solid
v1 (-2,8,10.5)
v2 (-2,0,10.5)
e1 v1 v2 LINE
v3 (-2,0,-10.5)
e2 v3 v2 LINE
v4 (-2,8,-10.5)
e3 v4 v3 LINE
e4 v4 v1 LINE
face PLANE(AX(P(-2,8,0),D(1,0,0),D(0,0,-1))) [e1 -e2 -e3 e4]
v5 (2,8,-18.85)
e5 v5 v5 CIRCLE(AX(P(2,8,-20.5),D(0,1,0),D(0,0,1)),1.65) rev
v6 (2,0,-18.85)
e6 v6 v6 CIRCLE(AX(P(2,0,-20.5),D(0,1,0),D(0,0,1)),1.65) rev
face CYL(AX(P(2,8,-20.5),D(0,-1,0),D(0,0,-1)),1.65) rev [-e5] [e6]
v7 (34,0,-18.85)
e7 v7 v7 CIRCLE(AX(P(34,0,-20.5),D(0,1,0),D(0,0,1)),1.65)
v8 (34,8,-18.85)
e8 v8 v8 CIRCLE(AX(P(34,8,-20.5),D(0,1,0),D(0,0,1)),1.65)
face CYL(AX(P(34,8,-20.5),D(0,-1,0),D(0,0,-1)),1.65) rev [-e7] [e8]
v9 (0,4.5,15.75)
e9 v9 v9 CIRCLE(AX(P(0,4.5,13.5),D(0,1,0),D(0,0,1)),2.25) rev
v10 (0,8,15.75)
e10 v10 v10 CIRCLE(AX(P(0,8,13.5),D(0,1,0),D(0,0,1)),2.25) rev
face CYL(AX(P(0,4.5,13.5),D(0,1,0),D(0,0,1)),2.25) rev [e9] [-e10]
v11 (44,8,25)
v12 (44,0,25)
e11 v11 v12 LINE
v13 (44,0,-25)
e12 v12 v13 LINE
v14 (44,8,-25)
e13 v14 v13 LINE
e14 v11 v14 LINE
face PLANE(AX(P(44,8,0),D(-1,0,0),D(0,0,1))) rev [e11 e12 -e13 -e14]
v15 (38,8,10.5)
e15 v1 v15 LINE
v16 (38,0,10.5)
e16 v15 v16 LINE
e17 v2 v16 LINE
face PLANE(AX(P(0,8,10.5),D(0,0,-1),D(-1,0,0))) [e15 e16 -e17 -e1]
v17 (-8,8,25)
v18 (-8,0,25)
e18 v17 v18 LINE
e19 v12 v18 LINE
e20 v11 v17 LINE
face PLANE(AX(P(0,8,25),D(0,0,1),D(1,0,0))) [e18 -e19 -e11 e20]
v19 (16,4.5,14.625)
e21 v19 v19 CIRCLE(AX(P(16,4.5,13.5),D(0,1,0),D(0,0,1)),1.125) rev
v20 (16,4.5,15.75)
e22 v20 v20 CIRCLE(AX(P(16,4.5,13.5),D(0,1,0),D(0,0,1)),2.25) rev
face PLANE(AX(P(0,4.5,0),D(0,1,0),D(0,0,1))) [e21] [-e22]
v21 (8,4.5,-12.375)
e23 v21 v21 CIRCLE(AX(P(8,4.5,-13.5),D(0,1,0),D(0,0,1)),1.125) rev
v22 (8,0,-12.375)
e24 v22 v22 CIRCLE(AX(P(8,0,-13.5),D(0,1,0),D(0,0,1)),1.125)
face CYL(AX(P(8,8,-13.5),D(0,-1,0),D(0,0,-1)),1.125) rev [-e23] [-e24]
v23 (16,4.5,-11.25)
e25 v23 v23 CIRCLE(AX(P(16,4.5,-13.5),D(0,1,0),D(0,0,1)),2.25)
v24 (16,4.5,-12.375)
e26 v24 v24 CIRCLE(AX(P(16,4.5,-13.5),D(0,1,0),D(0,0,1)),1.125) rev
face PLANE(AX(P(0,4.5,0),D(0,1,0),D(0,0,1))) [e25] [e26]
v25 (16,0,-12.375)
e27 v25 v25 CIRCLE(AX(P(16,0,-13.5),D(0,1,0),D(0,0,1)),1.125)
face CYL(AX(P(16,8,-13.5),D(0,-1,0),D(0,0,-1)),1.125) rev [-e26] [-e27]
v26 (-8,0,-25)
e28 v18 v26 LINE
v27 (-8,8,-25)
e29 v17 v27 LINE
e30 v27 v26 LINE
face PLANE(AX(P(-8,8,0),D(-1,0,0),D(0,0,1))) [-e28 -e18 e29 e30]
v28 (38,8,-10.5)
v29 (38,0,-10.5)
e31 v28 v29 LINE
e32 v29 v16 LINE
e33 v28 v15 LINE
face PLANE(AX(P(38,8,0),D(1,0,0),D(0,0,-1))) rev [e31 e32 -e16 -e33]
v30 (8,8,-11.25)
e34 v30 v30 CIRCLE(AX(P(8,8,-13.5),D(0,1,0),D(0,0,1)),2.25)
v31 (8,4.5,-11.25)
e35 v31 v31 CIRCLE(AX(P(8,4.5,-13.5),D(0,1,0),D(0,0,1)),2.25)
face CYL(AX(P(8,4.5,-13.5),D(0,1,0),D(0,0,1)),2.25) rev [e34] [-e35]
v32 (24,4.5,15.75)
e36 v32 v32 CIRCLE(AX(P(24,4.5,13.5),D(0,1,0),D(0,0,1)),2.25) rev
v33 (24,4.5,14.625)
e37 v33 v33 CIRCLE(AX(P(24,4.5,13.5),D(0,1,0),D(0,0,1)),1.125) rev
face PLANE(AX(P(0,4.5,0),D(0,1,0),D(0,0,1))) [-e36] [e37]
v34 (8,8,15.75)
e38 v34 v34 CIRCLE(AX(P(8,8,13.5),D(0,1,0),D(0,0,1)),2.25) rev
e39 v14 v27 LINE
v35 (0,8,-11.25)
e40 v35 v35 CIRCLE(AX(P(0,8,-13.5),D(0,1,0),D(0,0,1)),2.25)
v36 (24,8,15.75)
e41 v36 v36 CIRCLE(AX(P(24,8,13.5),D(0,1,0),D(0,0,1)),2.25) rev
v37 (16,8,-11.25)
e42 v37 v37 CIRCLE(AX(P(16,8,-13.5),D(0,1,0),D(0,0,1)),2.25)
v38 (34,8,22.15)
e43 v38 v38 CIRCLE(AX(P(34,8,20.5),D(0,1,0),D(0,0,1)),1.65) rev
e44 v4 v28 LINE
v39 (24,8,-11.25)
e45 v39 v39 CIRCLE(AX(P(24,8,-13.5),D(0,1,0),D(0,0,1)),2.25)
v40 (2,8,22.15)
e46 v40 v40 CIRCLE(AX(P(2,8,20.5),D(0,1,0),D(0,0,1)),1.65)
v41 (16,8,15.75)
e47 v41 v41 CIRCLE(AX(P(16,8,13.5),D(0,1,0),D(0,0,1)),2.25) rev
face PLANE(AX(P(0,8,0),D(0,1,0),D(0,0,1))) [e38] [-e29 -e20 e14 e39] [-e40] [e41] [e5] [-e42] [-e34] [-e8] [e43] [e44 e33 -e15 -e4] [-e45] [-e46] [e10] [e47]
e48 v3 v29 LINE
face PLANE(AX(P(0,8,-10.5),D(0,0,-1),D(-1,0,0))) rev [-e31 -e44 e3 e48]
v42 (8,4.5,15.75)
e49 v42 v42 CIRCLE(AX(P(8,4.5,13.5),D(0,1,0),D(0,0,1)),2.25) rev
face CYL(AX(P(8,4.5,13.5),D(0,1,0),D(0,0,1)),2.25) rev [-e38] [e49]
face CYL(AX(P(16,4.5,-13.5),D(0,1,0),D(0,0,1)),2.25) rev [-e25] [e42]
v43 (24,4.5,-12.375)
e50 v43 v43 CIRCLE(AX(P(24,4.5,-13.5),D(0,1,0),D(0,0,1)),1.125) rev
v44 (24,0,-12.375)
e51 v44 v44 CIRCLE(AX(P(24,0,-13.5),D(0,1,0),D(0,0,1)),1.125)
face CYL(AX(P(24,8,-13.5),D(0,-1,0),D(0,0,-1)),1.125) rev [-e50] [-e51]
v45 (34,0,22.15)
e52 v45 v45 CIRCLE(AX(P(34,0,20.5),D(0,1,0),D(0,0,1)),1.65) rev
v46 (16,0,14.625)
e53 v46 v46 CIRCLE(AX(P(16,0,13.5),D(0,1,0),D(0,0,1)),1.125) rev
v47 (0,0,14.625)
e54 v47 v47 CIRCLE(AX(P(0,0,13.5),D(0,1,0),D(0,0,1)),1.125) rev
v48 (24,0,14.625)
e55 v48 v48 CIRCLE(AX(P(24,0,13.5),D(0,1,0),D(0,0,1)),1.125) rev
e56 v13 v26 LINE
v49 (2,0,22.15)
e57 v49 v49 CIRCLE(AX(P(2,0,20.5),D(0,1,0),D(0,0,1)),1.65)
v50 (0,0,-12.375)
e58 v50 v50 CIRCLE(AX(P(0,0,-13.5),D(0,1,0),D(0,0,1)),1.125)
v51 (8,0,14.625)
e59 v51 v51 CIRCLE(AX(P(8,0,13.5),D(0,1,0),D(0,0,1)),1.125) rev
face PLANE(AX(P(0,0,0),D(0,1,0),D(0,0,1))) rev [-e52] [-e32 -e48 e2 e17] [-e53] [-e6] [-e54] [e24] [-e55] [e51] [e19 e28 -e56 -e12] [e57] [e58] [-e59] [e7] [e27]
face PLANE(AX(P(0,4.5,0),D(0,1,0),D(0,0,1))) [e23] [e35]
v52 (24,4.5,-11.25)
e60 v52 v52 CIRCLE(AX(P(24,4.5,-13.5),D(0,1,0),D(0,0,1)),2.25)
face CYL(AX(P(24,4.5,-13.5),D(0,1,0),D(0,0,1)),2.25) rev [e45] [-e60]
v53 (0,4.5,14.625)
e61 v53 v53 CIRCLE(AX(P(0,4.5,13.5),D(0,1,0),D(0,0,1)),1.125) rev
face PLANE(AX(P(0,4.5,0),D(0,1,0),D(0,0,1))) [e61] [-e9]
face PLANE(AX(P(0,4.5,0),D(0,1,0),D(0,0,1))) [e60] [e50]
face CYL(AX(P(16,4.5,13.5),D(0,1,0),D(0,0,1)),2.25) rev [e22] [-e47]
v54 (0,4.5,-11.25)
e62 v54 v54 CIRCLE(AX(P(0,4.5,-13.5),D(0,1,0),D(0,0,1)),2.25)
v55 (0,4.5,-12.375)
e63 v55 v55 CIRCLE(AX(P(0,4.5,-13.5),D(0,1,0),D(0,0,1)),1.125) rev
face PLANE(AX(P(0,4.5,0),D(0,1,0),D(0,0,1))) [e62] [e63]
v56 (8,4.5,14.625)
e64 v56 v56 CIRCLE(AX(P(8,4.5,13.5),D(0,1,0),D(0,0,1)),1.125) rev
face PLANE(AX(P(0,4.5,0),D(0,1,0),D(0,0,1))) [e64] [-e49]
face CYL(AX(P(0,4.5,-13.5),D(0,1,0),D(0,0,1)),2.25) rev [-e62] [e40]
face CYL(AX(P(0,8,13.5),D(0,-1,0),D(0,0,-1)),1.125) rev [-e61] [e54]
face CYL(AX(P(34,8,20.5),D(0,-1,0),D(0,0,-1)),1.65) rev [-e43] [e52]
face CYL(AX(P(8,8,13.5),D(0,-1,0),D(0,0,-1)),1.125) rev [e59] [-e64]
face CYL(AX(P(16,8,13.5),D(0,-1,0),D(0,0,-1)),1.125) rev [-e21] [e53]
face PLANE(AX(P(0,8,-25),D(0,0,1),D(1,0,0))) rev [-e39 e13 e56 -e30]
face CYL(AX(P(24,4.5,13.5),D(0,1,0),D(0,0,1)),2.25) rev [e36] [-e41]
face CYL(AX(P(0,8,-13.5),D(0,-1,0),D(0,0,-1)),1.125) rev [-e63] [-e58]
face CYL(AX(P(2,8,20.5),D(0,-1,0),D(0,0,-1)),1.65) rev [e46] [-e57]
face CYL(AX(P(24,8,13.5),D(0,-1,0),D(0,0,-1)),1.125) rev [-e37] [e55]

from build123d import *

# Parameters (mm, degrees)
SKETCH1_W           = 52
SKETCH1_H           = 50
SKETCH1_R           = 1.125
SKETCH1_R_2         = 1.65
SKETCH1_W_2         = 40
SKETCH1_H_2         = 21
BOSS_EXTRUDE1_DEPTH = 8
SKETCH2_R           = 2.25
SKETCH2_R_2         = 1.125
CUT_EXTRUDE1_DEPTH  = 3.5


with BuildPart() as part:
    # Sketch1 → Boss-Extrude1 (new body)
    with BuildSketch(Plane(origin=(0, 0, 0), x_dir=(1, 0, 0), z_dir=(0, 1, 0))):
        with Locations((18, 0)):
            Rectangle(SKETCH1_W, SKETCH1_H)
        with Locations((0, 13.5)):
            Circle(SKETCH1_R, mode=Mode.SUBTRACT)
        with Locations((8, 13.5)):
            Circle(SKETCH1_R, mode=Mode.SUBTRACT)
        with Locations((16, 13.5)):
            Circle(SKETCH1_R, mode=Mode.SUBTRACT)
        with Locations((24, 13.5)):
            Circle(SKETCH1_R, mode=Mode.SUBTRACT)
        with Locations((24, -13.5)):
            Circle(SKETCH1_R, mode=Mode.SUBTRACT)
        with Locations((16, -13.5)):
            Circle(SKETCH1_R, mode=Mode.SUBTRACT)
        with Locations((8, -13.5)):
            Circle(SKETCH1_R, mode=Mode.SUBTRACT)
        with Locations((0, -13.5)):
            Circle(SKETCH1_R, mode=Mode.SUBTRACT)
        with Locations((34, 20.5)):
            Circle(SKETCH1_R_2, mode=Mode.SUBTRACT)
        with Locations((2, 20.5)):
            Circle(SKETCH1_R_2, mode=Mode.SUBTRACT)
        with Locations((34, -20.5)):
            Circle(SKETCH1_R_2, mode=Mode.SUBTRACT)
        with Locations((2, -20.5)):
            Circle(SKETCH1_R_2, mode=Mode.SUBTRACT)
        with Locations((18, 0)):
            Rectangle(SKETCH1_W_2, SKETCH1_H_2, mode=Mode.SUBTRACT)
    extrude(amount=BOSS_EXTRUDE1_DEPTH)

    # Sketch2 → Cut-Extrude1 (cut)
    with BuildSketch(Plane(origin=(0, 8, 0), x_dir=(1, 0, 0), z_dir=(0, 1, 0))):
        with Locations((0, 13.5)):
            Circle(SKETCH2_R)
        with Locations((0, 13.5)):
            Circle(SKETCH2_R_2, mode=Mode.SUBTRACT)
        with Locations((8, 13.5)):
            Circle(SKETCH2_R)
        with Locations((8, 13.5)):
            Circle(SKETCH2_R_2, mode=Mode.SUBTRACT)
        with Locations((16, 13.5)):
            Circle(SKETCH2_R)
        with Locations((16, 13.5)):
            Circle(SKETCH2_R_2, mode=Mode.SUBTRACT)
        with Locations((24, 13.5)):
            Circle(SKETCH2_R)
        with Locations((24, 13.5)):
            Circle(SKETCH2_R_2, mode=Mode.SUBTRACT)
        with Locations((24, -13.5)):
            Circle(SKETCH2_R)
        with Locations((24, -13.5)):
            Circle(SKETCH2_R_2, mode=Mode.SUBTRACT)
        with Locations((16, -13.5)):
            Circle(SKETCH2_R)
        with Locations((16, -13.5)):
            Circle(SKETCH2_R_2, mode=Mode.SUBTRACT)
        with Locations((8, -13.5)):
            Circle(SKETCH2_R)
        with Locations((8, -13.5)):
            Circle(SKETCH2_R_2, mode=Mode.SUBTRACT)
        with Locations((0, -13.5)):
            Circle(SKETCH2_R)
        with Locations((0, -13.5)):
            Circle(SKETCH2_R_2, mode=Mode.SUBTRACT)
    extrude(amount=-CUT_EXTRUDE1_DEPTH, mode=Mode.SUBTRACT)


solid = part.part
